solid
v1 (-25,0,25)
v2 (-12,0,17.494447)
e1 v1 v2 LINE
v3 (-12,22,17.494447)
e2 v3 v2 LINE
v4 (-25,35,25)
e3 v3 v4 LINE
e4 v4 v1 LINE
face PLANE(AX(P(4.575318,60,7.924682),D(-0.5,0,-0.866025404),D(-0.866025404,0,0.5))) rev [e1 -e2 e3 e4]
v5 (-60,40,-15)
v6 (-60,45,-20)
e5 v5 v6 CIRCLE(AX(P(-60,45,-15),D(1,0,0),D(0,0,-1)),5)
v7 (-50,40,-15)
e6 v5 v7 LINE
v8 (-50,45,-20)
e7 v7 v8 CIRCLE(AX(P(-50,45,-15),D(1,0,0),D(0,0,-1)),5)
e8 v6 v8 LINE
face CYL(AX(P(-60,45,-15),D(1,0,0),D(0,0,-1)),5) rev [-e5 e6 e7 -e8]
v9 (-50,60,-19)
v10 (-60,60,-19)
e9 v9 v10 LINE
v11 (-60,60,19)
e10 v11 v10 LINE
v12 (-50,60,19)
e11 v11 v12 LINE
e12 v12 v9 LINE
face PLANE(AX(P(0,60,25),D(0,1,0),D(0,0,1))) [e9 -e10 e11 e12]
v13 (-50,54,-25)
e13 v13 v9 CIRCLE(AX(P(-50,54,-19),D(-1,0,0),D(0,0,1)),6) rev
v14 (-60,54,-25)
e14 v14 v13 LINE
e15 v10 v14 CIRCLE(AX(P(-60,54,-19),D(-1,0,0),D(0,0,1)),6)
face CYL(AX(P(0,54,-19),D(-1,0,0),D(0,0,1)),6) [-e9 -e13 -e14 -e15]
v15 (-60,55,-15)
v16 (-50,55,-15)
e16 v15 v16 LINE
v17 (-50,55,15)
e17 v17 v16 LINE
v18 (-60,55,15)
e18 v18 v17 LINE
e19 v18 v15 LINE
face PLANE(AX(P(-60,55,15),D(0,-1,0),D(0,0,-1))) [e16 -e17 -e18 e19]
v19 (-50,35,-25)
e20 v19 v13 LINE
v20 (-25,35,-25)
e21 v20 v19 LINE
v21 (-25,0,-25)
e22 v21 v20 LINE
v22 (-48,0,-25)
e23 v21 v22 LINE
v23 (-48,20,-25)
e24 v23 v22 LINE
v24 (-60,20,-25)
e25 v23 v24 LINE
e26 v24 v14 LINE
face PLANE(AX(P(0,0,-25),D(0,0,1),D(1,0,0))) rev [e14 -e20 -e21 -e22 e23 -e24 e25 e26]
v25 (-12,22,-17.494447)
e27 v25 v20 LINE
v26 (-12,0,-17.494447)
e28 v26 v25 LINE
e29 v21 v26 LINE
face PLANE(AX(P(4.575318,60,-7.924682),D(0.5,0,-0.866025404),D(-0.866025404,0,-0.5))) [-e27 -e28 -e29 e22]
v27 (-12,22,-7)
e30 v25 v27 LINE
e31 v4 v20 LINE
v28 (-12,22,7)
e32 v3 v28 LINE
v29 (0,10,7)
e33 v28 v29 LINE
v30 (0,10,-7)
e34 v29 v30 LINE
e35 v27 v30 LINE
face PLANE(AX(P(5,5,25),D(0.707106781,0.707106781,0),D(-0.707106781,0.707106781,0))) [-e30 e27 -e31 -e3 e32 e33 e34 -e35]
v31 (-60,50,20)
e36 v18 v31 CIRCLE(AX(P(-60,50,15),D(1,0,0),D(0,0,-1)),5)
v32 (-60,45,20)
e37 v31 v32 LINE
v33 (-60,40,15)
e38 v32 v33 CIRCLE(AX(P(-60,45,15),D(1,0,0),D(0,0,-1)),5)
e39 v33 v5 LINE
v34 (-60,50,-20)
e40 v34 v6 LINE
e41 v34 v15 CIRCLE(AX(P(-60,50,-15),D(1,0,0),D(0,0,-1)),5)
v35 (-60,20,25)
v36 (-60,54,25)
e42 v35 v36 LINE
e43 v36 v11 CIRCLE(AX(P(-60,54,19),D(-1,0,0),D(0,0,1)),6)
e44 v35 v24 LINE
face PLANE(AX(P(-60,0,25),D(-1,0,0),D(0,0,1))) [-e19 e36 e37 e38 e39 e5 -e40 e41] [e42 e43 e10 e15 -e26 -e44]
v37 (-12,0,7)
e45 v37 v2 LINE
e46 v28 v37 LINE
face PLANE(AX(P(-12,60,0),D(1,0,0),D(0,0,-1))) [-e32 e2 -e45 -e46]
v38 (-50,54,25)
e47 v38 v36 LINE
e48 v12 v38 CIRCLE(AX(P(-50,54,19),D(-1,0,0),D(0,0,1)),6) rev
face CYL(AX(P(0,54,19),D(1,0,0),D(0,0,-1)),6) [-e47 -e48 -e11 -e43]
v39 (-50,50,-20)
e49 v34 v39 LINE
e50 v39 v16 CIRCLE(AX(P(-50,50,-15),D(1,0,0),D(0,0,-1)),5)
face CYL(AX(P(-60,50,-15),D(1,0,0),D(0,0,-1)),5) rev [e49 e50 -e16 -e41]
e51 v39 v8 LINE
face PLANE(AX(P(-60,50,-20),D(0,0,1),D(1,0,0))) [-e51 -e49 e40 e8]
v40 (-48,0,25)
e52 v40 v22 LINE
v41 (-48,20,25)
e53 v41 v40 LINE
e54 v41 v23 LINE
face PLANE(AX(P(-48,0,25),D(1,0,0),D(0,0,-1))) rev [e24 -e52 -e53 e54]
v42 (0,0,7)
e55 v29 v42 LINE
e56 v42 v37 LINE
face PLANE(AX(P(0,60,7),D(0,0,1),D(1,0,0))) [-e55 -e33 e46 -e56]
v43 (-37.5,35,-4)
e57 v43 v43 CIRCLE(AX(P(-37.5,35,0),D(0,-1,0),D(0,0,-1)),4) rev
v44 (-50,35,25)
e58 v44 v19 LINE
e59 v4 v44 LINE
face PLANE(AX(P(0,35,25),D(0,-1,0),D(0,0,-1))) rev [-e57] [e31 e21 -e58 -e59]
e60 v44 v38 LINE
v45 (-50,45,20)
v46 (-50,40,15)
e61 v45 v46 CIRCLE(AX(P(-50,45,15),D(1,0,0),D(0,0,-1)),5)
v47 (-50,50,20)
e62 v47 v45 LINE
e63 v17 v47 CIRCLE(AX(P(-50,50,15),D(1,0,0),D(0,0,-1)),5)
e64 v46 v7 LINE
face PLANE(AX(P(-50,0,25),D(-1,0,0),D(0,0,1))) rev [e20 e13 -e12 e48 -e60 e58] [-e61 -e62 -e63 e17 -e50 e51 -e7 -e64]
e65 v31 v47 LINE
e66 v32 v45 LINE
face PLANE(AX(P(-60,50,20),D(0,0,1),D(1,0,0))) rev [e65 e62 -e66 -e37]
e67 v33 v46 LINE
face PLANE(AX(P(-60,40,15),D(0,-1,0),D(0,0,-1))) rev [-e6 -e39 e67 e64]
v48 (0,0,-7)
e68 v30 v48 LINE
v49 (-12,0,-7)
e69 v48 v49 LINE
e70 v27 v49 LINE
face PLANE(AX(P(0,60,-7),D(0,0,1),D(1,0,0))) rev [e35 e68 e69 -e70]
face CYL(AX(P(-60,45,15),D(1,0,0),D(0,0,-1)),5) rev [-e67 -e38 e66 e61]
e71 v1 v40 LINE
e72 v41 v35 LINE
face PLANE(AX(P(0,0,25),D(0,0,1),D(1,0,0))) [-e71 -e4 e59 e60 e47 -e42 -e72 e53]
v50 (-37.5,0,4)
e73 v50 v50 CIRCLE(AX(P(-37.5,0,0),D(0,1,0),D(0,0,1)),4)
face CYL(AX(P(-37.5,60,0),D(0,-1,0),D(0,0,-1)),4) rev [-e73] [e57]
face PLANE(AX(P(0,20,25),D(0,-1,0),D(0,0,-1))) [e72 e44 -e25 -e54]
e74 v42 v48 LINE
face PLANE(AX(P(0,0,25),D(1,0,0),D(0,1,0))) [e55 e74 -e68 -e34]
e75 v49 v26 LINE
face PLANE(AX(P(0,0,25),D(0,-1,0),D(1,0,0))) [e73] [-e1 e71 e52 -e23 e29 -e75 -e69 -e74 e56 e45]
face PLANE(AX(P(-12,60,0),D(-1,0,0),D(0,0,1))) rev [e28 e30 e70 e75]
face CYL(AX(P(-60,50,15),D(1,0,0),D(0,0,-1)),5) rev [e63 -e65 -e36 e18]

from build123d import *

# Parameters (mm, degrees)
BOSS_EXTRUDE1_DEPTH = 25
SKETCH3_R           = 4
CUT_EXTRUDE2_DEPTH  = 89.459030065
CUT_EXTRUDE3_DEPTH  = 89.459030065
CUT_EXTRUDE4_DEPTH  = 89.459030065
CUT_EXTRUDE5_DEPTH  = 83.006097334
FILLET1_R           = 6


with BuildPart() as part:
    # Sketch2 → Boss-Extrude1 (new, symmetric)
    with BuildSketch(Plane.XY):
        Polygon((0, 10), (-25, 35), (-50, 35), (-50, 60), (-60, 60), (-60, 20), (-48, 20), (-48, 0), (0, 0), align=None)
    extrude(amount=BOSS_EXTRUDE1_DEPTH, both=True)

    # Sketch3 → Cut-Extrude2 (cut, through all)
    with BuildSketch(Plane(origin=(0, 0, 0), x_dir=(1, 0, 0), z_dir=(0, 1, 0))):
        with Locations((-37.5, 0)):
            Circle(SKETCH3_R)
    extrude(amount=CUT_EXTRUDE2_DEPTH, mode=Mode.SUBTRACT)

    # Sketch3<5> → Cut-Extrude3 (cut, through all)
    with BuildSketch(Plane(origin=(0, 0, 0), x_dir=(1, 0, 0), z_dir=(0, 1, 0))):
        Polygon((0, 25), (-25, 25), (0, 10.56624327), align=None)
        Polygon((0, -10.56624327), (-25, -25), (0, -25), align=None)
    extrude(amount=CUT_EXTRUDE3_DEPTH, mode=Mode.SUBTRACT)

    # Sketch3<6> → Cut-Extrude4 (cut, through all)
    with BuildSketch(Plane(origin=(0, 0, 0), x_dir=(1, 0, 0), z_dir=(0, 1, 0))):
        Polygon((0, 10.56624327), (-12, 17.494446501), (-12, 7), (0, 7), align=None)
        Polygon((-12, -7), (-12, -17.494446501), (0, -10.56624327), (0, -7), align=None)
    extrude(amount=CUT_EXTRUDE4_DEPTH, mode=Mode.SUBTRACT)

    # Sketch6 → Cut-Extrude5 (cut, through all)
    with BuildSketch(Plane(origin=(-50, 0, 0), x_dir=(0, 0, -1), z_dir=(1, 0, 0))):
        with BuildLine():
            Line((-15, 55), (15, 55))
            ThreePointArc((15, 55), (18.535533906, 53.535533906), (20, 50))
            Line((20, 50), (20, 45))
            ThreePointArc((20, 45), (18.535533906, 41.464466094), (15, 40))
            Line((15, 40), (-15, 40))
            ThreePointArc((-15, 40), (-18.535533906, 41.464466094), (-20, 45))
            Line((-20, 45), (-20, 50))
            ThreePointArc((-20, 50), (-18.535533906, 53.535533906), (-15, 55))
        make_face()
    extrude(amount=-CUT_EXTRUDE5_DEPTH, mode=Mode.SUBTRACT)

    # Fillet1
    fillet1_edges = [part.edges().sort_by_distance(p)[0] for p in [
        (-55, 60, -25),
        (-55, 60, 25),
    ]]
    fillet(fillet1_edges, radius=FILLET1_R)


solid = part.part
